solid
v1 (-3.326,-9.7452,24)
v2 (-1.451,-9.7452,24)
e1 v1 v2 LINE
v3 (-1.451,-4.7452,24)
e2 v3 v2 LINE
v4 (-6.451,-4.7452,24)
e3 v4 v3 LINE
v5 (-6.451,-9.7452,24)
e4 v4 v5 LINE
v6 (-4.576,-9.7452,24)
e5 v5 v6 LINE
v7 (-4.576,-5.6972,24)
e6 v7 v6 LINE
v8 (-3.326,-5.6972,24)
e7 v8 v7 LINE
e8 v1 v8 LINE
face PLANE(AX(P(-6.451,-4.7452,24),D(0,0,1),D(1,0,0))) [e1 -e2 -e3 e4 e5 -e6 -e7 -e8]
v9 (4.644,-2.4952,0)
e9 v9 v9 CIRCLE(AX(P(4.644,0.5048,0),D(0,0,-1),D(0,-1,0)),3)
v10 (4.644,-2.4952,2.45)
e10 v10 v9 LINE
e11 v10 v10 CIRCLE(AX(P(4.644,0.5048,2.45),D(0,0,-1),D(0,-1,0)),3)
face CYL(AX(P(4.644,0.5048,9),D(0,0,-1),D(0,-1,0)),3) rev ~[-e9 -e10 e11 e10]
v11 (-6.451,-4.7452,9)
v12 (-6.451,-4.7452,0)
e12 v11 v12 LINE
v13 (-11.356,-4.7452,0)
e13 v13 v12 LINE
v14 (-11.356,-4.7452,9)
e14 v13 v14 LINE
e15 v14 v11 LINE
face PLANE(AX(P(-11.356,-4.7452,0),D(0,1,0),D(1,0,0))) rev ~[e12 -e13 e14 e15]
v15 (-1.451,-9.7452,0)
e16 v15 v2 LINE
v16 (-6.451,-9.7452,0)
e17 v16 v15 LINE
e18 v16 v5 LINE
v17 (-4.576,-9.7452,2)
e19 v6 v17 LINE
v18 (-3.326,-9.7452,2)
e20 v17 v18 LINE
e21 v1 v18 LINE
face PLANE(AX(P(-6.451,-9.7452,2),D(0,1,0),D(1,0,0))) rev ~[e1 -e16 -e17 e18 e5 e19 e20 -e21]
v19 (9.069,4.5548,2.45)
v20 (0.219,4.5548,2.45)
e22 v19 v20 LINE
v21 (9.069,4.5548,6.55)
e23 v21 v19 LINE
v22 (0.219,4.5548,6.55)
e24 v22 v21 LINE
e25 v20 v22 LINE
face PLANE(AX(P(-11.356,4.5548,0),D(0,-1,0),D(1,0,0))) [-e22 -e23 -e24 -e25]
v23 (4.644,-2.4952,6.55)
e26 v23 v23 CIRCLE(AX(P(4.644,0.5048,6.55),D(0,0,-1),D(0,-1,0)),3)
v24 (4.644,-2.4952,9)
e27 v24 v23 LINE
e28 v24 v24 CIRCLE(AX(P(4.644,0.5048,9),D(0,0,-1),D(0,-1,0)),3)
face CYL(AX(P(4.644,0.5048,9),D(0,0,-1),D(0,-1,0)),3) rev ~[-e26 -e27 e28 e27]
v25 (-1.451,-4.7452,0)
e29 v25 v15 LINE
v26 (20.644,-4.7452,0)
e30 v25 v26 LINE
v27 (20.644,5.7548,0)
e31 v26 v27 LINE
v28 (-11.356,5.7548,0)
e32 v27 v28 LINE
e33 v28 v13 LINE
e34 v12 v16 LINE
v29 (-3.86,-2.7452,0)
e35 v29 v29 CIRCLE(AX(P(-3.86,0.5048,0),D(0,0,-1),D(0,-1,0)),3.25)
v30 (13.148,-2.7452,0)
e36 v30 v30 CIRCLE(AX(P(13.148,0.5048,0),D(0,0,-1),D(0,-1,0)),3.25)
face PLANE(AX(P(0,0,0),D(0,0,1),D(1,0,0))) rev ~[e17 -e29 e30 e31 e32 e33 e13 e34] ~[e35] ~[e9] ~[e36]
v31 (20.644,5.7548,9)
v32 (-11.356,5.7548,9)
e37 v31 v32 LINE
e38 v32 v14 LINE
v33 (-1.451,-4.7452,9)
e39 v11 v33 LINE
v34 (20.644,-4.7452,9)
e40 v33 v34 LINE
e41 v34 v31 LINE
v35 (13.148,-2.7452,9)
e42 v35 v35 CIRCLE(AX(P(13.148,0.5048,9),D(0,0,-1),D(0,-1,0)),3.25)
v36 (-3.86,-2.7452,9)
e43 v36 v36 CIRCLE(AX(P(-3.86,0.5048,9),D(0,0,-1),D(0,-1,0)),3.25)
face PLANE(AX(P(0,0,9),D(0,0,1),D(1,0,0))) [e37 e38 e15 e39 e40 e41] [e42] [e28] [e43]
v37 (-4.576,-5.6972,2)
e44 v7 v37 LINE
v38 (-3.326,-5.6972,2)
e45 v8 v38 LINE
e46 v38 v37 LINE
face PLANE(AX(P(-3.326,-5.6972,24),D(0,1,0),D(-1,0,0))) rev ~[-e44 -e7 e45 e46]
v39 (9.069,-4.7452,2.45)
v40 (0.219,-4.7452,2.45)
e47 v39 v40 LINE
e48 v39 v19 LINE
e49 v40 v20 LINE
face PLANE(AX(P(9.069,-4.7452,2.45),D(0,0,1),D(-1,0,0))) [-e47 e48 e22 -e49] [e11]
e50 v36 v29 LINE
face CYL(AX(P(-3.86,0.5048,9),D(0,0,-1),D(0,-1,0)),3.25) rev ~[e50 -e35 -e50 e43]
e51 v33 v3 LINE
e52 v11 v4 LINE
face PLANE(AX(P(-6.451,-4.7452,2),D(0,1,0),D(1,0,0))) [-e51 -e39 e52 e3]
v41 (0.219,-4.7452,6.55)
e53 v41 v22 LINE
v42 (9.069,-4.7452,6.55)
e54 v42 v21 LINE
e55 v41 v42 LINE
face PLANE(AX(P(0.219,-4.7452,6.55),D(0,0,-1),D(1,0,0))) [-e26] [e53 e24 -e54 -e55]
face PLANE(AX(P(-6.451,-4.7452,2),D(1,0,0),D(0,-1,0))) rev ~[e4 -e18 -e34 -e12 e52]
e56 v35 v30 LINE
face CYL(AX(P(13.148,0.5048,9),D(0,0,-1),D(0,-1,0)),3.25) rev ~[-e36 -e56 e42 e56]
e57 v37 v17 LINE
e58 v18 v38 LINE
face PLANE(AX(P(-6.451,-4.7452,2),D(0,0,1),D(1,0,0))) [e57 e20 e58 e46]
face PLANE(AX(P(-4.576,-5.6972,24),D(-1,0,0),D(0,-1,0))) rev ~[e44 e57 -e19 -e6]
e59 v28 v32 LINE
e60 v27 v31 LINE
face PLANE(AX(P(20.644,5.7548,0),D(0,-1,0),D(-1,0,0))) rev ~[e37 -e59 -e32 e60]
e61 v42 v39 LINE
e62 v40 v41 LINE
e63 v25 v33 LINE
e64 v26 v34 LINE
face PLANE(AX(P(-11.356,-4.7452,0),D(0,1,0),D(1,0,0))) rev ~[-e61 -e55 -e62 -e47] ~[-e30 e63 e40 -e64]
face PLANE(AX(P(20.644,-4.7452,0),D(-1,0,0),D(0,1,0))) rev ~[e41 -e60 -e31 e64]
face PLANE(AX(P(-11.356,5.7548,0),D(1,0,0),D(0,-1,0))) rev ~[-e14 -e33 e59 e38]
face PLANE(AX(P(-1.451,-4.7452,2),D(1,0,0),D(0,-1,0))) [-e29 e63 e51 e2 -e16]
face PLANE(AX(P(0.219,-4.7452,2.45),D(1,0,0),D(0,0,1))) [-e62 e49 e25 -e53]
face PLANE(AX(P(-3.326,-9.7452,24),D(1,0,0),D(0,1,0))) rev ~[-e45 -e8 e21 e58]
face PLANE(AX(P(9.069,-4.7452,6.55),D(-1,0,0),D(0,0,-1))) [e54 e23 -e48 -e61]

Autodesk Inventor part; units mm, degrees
ref_plane "YZ Plane" through (0, 0, 0) normal (1, 0, 0) x (0, 1, 0)
ref_plane "XZ Plane" through (0, 0, 0) normal (0, 1, 0) x (-1, 0, 0)
ref_plane "XY Plane" through (0, 0, 0) normal (0, 0, 1) x (1, 0, 0)
sketch "Skizze1" plane through (0, 0, 0) normal (0, 0, 1) x (1, 0, 0)
  line L0 (-11.356, -4.7452) -> (20.644, -4.7452)
  line L1 (20.644, -4.7452) -> (20.644, 5.7548)
  line L2 (20.644, 5.7548) -> (-11.356, 5.7548)
  line L3 (-11.356, 5.7548) -> (-11.356, -4.7452)
  point P0 (0, 0)
  dimension "d0" = 32
  dimension "d1" = 10.5
extrude "Extrusion1" add sketch "Skizze1" along normal blind 9
sketch "Skizze2" plane through (0, 0, 9) normal (0, 0, 1) x (1, 0, 0)
  line L0 (20.644, -4.7452) -> (20.644, 5.7548) projected
  line L1 (-11.356, -4.7452) -> (20.644, -4.7452) projected
  point P0 (0, 0)
  point P1 (-3.86, 0.5048)
  point P2 (4.644, 0.5048)
  point P3 (13.148, 0.5048)
  dimension "d4" = 8.504
  dimension "d5" = 8.504
  dimension "d6" = 7.496
  dimension "d20" = 5.25
  dimension "d21" = 5.25
sketch "Skizze3" plane through (0, 0, 9) normal (0, 0, 1) x (1, 0, 0)
  point P0 (0, 0)
sketch "Skizze4" plane through (-11.356, -4.7452, 0) normal (0, -1, 0) x (1, 0, 0)
  line L0 (11.575, 6.55) -> (20.425, 6.55)
  line L1 (20.425, 6.55) -> (20.425, 2.45)
  line L2 (20.425, 2.45) -> (11.575, 2.45)
  line L3 (11.575, 2.45) -> (11.575, 6.55)
  line L4 (32, 0) -> (32, 9) projected
  line L5 (0, 9) -> (32, 9) projected
  point P0 (11.356, 0)
  dimension "d14" = 8.85
  dimension "d15" = 4.1
  dimension "d16" = 11.575
  dimension "d17" = 2.45
extrude "Extrusion2" cut sketch "Skizze4" against normal blind 9.3
sketch "Skizze5" plane through (0, 0, 9) normal (0, 0, 1) x (1, 0, 0)
  point P0 (0, 0)
sketch "Skizze6" plane through (-11.356, -4.7452, 0) normal (0, -1, 0) x (1, 0, 0)
  line L0 (4.905, 0) -> (9.905, 0)
  line L1 (9.905, 0) -> (9.905, 2)
  line L2 (9.905, 2) -> (4.905, 2)
  line L3 (4.905, 2) -> (4.905, 0)
  line L4 (0, 0) -> (0, 9) projected
  point P0 (11.356, 0)
  dimension "d22" = 5
  dimension "d23" = 2
  dimension "d24" = 4.905
sketch "Skizze7" plane through (-11.356, -4.7452, 0) normal (0, -1, 0) x (1, 0, 0)
  point P0 (11.356, 0)
extrude "Extrusion3" add sketch "Skizze6" along normal blind 5
sketch "Skizze8" plane through (-6.451, -4.7452, 2) normal (0, 0, 1) x (1, 0, 0)
  line L0 (0, -5) -> (5, -5) projected
  line L1 (0, 0) -> (0, -5) projected
  line L2 (5, -5) -> (0, -5)
  line L3 (0, -5) -> (0, 0)
  line L4 (0, 0) -> (5, 0)
  line L5 (5, 0) -> (5, -5)
  point P0 (6.451, 4.7452)
extrude "Extrusion4" add sketch "Skizze8" along normal blind 22
sketch "Skizze9" plane through (-6.451, -4.7452, 24) normal (0, 0, 1) x (1, 0, 0)
  line L0 (0, -5) -> (5, -5) projected
  line L1 (1.875, -5) -> (3.125, -5)
  line L2 (3.125, -5) -> (3.125, -0.952)
  line L3 (3.125, -0.952) -> (1.875, -0.952)
  line L4 (1.875, -0.952) -> (1.875, -5)
  line L5 (5, -5) -> (5, 0) projected
  line L6 (0, 0) -> (0, -5) projected
  point P0 (6.451, 4.7452)
  dimension "d29" = 1.875
  dimension "d30" = 1.875
  dimension "d31" = 4.048
extrude "Extrusion5" cut sketch "Skizze9" against normal blind 22
hole "Bohrung2" at (4.644, 0.5048, 9) direction (0, 0, -1) diameter 6 end through all
hole "Bohrung3" at (13.148, 0.5048, 9) at (-3.86, 0.5048, 9) direction (0, 0, -1) diameter 6.5 end through all
properties part number "Objektträgerhalter 2bfinal"
